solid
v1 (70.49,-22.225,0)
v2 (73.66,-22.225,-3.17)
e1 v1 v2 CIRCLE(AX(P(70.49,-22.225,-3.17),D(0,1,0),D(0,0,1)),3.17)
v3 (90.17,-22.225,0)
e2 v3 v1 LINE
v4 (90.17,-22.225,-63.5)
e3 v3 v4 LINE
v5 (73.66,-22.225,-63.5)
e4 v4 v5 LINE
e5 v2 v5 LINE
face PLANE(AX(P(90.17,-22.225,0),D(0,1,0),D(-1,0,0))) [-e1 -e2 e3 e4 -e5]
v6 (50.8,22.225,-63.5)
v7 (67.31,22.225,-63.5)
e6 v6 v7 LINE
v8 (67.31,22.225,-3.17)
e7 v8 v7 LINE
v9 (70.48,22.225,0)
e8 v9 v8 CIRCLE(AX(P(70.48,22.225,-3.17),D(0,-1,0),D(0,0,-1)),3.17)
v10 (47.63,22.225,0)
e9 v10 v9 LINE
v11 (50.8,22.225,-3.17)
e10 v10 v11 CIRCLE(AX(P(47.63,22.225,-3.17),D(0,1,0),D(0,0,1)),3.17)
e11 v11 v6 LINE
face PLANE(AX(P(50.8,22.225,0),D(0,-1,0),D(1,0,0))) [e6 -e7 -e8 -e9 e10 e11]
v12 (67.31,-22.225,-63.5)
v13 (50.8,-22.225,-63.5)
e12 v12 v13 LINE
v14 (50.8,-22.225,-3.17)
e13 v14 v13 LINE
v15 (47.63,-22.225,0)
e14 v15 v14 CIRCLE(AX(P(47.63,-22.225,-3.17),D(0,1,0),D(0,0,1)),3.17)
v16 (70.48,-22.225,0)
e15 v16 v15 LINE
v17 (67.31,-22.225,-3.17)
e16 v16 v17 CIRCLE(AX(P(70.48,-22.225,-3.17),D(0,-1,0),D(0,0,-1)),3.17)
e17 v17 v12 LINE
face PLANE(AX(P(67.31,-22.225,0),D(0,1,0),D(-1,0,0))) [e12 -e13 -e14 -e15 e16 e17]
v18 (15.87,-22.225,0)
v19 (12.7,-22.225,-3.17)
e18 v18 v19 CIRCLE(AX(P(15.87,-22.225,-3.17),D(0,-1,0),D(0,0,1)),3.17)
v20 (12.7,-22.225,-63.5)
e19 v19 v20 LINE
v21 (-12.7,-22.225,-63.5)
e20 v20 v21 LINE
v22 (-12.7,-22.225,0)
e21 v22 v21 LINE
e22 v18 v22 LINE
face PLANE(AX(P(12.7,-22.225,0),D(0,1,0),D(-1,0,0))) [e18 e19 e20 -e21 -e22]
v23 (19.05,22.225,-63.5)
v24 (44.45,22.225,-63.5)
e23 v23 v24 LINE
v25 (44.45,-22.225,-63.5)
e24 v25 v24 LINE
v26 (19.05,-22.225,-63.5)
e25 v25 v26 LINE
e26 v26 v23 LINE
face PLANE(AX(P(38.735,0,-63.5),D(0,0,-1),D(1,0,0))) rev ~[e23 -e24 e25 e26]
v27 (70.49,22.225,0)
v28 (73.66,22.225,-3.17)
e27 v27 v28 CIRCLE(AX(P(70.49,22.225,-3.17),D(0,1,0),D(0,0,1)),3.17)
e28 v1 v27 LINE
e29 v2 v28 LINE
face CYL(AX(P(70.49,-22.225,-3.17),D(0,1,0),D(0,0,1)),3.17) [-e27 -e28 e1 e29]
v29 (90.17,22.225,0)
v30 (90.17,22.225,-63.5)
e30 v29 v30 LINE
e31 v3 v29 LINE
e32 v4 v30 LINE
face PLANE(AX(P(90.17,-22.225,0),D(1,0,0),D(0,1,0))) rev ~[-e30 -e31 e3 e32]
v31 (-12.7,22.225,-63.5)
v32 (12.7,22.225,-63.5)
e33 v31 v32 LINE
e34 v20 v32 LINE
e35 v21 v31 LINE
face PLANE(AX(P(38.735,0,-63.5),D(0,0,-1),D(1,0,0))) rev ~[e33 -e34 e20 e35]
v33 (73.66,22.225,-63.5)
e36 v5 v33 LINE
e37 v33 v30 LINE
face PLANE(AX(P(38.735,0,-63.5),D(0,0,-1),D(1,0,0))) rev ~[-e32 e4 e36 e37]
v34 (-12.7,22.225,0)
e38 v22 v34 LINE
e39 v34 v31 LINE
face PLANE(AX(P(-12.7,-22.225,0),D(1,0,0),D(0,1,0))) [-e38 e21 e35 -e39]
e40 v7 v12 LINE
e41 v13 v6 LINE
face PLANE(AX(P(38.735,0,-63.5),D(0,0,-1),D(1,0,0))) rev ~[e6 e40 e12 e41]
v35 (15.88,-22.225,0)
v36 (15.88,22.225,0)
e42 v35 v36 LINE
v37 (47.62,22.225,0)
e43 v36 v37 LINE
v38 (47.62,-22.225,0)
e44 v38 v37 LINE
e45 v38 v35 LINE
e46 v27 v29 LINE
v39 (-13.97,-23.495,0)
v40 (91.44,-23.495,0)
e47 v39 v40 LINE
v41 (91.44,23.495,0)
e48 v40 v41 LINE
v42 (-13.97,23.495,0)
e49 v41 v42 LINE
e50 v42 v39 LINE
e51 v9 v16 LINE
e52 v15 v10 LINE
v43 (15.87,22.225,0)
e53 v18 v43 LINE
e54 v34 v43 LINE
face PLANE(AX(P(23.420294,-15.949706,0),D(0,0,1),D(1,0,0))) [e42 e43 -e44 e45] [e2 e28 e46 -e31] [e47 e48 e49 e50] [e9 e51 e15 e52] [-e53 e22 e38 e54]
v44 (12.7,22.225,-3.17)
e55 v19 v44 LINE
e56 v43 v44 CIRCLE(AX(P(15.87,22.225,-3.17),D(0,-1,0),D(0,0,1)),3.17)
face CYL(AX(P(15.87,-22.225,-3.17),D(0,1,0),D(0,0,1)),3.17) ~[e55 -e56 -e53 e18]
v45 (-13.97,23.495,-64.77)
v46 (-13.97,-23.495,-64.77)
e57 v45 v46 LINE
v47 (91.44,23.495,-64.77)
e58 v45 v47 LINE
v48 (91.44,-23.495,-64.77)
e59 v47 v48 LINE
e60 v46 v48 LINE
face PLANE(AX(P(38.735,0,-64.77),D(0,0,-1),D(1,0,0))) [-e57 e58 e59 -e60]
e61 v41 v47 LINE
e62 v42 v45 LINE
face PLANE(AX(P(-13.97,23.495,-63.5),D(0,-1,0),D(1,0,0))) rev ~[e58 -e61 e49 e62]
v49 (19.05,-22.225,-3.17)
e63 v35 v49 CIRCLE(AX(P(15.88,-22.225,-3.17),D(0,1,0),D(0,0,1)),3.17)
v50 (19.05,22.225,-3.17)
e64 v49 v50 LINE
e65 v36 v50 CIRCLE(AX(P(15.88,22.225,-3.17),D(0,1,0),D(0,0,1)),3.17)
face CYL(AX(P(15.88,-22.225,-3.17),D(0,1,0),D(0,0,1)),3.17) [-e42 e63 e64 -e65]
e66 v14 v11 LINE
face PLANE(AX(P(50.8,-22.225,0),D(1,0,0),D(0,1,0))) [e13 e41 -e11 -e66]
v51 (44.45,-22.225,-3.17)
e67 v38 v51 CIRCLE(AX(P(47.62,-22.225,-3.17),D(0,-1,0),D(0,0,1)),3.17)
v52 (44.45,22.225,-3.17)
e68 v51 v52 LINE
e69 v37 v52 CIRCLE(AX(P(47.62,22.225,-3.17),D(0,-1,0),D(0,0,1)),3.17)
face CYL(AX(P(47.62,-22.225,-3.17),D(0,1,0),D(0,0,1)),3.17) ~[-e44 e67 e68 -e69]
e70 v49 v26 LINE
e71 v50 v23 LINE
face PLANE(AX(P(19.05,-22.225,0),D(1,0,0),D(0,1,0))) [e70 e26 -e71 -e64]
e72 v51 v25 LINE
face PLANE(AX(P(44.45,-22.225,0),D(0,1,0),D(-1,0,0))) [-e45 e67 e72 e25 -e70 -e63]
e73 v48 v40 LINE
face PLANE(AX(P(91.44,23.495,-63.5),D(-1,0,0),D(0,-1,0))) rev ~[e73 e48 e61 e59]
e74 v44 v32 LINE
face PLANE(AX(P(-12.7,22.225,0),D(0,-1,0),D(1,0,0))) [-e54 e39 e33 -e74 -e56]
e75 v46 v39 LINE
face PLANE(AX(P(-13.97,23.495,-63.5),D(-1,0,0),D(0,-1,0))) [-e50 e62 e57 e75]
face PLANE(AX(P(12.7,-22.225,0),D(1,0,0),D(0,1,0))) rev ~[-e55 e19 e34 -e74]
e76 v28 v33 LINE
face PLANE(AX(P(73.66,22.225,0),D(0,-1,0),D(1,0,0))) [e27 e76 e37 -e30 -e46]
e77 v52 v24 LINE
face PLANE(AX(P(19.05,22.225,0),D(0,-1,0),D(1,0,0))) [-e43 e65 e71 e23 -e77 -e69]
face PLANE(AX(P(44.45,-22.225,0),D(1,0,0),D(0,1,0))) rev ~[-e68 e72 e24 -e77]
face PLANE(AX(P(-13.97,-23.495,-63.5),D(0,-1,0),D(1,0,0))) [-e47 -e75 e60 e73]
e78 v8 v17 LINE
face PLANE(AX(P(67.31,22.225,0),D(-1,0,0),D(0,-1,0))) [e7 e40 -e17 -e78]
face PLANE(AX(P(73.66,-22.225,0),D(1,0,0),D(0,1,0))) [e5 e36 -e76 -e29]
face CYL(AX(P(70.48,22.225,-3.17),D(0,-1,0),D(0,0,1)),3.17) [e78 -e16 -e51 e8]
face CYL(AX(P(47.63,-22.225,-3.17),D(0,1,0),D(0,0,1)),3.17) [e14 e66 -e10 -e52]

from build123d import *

# Parameters (mm, degrees)
F0_W     = 1.27
F0_H     = 44.45
F0_W_2   = 6.35
F1_DEPTH = 63.5
F2_W     = 105.41
F2_H     = 46.99
F3_DEPTH = 1.27
F4_R     = 3.17


with BuildPart() as f1:
    # F0 (on Top) → F1 (new body)
    with BuildSketch(Plane.XY):
        Polygon((19.05, -22.225), (12.7, -22.225), (-12.7, -22.225), (-12.7, 22.225), (-13.97, 22.225), (-13.97, -22.225), (-13.97, -23.495), (91.44, -23.495), (91.44, -22.225), (90.17, -22.225), (73.66, -22.225), (67.31, -22.225), (50.8, -22.225), (44.45, -22.225), align=None)
        Polygon((-12.7, 22.225), (12.7, 22.225), (19.05, 22.225), (44.45, 22.225), (50.8, 22.225), (67.31, 22.225), (73.66, 22.225), (90.17, 22.225), (91.44, 22.225), (91.44, 23.495), (-13.97, 23.495), (-13.97, 22.225), align=None)
        with Locations((90.805, 0)):
            Rectangle(F0_W, F0_H)
        Polygon((67.31, 22.225), (67.31, -22.225), (73.66, -22.225), (73.66, 0), (73.66, 22.225), align=None)
        with Locations((47.625, 0)):
            Rectangle(F0_W_2, F0_H)
        with Locations((15.875, 0)):
            Rectangle(F0_W_2, F0_H)
    extrude(amount=-F1_DEPTH)

    # F2 (on face) → F3 (join)
    with BuildSketch(Plane(origin=(0, 0, -63.5), x_dir=(1, 0, 0), z_dir=(0, 0, -1))):
        with Locations((38.735, 0)):
            Rectangle(F2_W, F2_H)
    extrude(amount=F3_DEPTH)

    # F4
    f4_edges = [f1.edges().sort_by_distance(p)[0] for p in [
        (19.05, 0, 0),
        (12.7, 0, 0),
        (44.45, 0, 0),
        (50.8, 0, 0),
        (67.31, 0, 0),
        (73.66, 0, 0),
    ]]
    fillet(f4_edges, radius=F4_R)


solid = f1.part
